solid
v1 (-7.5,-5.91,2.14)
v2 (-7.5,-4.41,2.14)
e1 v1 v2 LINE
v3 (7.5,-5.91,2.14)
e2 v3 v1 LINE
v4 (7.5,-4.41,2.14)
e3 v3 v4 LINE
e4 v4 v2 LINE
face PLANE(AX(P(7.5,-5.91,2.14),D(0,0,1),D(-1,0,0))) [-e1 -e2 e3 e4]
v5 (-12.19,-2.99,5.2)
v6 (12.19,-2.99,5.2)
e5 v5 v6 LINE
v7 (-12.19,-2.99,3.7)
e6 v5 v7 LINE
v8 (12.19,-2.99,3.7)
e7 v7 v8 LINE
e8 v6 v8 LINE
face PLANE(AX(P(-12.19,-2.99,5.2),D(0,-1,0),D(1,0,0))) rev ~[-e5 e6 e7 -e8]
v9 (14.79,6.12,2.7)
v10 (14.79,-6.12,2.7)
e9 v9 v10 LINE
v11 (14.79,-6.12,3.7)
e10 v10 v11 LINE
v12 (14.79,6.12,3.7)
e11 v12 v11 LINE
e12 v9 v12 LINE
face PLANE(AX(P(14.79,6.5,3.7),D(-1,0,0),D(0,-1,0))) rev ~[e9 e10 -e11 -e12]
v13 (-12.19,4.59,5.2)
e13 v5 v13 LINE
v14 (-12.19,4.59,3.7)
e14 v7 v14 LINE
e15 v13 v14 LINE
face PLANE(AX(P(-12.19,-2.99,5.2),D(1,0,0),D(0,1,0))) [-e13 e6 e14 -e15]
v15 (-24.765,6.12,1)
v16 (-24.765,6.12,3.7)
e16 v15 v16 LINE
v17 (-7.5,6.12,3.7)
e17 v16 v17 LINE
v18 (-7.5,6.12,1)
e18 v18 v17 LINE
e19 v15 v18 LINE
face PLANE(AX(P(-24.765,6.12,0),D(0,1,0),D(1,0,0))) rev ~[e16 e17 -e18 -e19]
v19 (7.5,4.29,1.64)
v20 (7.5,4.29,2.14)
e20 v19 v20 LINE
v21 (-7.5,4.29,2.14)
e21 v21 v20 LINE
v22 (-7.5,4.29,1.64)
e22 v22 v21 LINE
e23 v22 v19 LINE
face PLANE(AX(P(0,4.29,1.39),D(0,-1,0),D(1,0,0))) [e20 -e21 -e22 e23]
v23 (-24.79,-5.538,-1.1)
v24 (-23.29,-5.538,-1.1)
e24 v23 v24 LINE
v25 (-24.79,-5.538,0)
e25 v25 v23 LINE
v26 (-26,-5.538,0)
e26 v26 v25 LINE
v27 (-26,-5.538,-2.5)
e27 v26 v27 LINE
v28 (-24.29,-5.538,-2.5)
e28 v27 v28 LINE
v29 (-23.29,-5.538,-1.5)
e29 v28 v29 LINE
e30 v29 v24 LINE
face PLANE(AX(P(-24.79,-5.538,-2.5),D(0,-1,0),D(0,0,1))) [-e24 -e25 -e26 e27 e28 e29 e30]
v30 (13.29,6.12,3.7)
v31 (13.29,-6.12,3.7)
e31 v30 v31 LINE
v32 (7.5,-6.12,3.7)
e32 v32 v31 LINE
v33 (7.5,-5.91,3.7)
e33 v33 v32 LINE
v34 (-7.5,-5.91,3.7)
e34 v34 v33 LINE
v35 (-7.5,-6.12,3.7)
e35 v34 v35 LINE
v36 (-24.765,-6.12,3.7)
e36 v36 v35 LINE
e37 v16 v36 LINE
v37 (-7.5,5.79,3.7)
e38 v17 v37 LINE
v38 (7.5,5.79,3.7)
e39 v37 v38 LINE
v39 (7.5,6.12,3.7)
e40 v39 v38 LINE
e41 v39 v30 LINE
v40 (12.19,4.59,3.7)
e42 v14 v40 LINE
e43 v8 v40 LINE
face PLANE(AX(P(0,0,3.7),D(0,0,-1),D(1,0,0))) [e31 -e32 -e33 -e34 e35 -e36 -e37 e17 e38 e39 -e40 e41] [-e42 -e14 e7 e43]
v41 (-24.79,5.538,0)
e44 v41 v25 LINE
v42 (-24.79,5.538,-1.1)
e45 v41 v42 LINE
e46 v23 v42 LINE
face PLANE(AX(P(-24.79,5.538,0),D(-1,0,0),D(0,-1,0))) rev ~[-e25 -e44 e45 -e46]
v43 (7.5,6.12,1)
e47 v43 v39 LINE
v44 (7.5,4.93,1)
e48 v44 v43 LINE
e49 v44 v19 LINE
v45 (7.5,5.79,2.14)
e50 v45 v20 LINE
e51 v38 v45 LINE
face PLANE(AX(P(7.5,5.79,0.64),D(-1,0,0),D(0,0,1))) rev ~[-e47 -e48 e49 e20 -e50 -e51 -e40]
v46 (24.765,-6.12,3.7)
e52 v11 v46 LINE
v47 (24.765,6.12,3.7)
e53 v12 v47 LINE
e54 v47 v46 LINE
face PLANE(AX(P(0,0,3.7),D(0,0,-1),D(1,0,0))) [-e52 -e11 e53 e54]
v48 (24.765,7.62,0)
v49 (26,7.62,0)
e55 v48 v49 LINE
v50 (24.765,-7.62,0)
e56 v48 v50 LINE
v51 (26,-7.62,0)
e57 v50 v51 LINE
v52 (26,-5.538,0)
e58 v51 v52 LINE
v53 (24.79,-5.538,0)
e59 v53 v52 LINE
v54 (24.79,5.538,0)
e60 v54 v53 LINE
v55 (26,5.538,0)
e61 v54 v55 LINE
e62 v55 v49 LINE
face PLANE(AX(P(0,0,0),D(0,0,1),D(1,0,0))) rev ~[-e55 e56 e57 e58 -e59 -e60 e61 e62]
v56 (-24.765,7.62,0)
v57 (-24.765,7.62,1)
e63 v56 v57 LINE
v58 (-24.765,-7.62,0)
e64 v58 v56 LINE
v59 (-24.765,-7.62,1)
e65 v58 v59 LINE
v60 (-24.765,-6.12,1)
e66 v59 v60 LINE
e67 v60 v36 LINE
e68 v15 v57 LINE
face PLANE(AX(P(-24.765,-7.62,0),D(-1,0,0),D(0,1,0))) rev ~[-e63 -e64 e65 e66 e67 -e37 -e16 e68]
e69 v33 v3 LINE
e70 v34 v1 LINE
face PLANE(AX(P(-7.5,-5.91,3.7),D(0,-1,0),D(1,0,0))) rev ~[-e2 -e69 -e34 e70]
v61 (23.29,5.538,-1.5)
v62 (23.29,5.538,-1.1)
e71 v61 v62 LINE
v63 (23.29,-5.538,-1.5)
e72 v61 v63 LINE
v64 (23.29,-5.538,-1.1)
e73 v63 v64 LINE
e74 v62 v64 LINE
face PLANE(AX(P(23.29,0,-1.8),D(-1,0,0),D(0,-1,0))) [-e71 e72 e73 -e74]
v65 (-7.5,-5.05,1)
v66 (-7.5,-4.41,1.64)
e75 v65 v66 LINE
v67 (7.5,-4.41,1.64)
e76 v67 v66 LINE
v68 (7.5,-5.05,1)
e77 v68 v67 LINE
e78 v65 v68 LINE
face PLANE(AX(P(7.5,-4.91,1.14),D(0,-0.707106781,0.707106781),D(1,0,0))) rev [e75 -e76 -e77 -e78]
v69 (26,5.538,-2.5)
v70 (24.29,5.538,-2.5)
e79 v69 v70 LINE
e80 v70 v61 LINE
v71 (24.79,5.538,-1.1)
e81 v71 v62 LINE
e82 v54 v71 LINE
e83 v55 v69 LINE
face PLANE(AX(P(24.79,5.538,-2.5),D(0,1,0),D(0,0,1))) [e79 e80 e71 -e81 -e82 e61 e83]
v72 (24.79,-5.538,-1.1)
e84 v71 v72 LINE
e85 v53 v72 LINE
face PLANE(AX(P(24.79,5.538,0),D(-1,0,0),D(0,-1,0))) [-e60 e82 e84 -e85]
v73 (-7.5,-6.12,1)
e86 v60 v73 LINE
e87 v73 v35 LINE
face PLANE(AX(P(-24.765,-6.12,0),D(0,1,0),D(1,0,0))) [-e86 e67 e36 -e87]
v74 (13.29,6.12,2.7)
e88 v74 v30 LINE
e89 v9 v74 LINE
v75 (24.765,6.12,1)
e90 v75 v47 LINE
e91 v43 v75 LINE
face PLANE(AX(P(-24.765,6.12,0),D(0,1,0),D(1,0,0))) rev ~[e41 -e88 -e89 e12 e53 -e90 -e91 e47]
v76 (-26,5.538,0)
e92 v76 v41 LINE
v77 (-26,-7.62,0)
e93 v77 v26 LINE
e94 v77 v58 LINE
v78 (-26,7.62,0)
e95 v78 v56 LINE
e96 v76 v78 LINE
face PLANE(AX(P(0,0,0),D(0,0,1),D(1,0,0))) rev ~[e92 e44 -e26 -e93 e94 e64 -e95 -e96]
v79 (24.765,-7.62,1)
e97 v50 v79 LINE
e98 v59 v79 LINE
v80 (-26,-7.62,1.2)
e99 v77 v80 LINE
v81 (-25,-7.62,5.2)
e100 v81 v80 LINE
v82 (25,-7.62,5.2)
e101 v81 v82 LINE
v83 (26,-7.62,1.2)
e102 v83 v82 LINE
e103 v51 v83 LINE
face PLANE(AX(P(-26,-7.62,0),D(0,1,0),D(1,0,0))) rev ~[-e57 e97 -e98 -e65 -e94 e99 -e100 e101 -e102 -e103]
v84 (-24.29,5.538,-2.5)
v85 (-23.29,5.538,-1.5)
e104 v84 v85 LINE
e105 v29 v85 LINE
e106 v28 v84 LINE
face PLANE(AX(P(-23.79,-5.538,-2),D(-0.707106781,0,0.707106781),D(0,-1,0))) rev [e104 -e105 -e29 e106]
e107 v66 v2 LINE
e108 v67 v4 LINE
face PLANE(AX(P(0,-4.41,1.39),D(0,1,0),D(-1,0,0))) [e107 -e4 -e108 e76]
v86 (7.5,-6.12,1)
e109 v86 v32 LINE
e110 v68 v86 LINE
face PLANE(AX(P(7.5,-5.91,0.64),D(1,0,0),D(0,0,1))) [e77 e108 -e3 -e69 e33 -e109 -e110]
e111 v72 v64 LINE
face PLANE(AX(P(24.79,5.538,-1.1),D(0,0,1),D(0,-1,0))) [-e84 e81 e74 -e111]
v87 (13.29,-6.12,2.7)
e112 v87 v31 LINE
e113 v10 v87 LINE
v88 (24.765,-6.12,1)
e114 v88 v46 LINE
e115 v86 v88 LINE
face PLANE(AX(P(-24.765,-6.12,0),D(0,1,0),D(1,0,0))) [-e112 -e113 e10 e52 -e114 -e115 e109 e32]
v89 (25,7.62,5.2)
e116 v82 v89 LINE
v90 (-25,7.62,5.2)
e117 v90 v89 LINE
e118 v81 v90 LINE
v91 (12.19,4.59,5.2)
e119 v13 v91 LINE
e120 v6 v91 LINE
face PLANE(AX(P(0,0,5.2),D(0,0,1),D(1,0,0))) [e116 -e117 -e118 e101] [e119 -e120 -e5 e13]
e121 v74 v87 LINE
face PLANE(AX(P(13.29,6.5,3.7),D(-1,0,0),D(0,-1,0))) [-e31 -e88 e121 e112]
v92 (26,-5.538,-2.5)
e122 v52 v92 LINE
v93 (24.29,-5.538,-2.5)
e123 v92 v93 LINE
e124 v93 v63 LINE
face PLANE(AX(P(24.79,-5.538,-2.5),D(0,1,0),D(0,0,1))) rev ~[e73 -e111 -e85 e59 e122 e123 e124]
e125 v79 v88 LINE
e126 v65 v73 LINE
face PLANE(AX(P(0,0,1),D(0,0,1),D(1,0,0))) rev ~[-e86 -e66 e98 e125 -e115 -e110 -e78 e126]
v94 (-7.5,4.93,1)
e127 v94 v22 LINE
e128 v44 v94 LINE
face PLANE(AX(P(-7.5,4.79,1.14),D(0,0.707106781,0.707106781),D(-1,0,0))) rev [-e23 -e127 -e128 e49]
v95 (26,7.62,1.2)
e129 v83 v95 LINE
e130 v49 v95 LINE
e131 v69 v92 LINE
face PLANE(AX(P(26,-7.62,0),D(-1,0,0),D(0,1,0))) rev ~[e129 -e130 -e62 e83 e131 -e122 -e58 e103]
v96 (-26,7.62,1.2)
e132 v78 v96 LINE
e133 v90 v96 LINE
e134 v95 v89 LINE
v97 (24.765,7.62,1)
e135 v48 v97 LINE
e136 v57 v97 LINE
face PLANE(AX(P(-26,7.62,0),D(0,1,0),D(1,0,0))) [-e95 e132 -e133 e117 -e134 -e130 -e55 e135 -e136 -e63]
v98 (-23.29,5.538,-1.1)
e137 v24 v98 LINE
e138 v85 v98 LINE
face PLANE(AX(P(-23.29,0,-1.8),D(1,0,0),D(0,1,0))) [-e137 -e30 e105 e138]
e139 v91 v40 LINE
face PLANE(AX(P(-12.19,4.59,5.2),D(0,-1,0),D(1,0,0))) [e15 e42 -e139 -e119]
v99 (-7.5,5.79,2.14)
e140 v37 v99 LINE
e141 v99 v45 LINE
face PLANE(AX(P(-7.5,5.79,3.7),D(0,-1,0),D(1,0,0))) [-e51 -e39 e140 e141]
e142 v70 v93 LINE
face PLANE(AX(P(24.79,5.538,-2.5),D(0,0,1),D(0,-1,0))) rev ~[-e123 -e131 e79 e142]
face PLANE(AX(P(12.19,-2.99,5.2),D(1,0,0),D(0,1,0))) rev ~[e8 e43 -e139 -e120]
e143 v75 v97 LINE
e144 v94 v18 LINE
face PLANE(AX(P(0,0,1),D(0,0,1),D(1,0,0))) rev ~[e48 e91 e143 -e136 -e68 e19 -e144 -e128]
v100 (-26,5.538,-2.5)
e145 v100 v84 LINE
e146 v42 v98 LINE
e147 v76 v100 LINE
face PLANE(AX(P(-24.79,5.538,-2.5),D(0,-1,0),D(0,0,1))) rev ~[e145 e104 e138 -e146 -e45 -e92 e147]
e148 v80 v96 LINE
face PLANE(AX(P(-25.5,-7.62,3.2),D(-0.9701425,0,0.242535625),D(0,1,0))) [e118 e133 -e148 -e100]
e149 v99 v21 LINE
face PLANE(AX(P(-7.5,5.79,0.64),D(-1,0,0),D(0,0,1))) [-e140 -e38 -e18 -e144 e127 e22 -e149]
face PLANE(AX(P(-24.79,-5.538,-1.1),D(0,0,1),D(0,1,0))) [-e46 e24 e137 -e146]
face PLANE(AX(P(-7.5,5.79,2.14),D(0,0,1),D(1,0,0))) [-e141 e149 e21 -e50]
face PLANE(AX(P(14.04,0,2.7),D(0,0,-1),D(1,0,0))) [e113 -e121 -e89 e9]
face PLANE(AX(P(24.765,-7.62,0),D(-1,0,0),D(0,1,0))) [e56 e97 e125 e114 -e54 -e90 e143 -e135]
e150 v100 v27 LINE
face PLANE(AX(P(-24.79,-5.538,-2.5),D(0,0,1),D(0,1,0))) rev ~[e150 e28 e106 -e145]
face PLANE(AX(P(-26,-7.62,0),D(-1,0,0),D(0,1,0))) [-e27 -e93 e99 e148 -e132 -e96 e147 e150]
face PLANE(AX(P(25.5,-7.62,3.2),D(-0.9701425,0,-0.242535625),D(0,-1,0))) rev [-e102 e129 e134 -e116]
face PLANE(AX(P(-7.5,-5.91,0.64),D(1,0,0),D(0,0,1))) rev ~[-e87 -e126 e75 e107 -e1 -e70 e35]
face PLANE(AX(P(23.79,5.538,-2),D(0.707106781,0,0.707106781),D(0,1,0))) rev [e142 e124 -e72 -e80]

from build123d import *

# Parameters (mm, degrees)
SKETCH_W         = 52
SKETCH_H         = 15.24
PAD_DEPTH        = 5.2
CHAMFER_SIZE2    = 1
CHAMFER_SIZE     = 4
CHAMFER001_SIZE2 = 4
CHAMFER001_SIZE  = 1
SKETCH001_W      = 49.53
SKETCH001_H      = 12.24
POCKET_DEPTH     = 3.7
SKETCH002_W      = 1.21
SKETCH002_H      = 11.076
PAD001_DEPTH     = 2.5
SKETCH003_W      = 11.076
SKETCH003_H      = 1.4
PAD002_DEPTH     = 1.5
CHAMFER002_SIZE  = 1
SKETCH004_W      = 11.076
SKETCH004_H      = 1.4
PAD003_DEPTH     = 1.5
CHAMFER003_SIZE  = 1
SKETCH005_W      = 24.38
SKETCH005_H      = 7.58
POCKET001_DEPTH  = 1.5
SKETCH006_W      = 15
SKETCH006_H      = 1.5
PAD004_DEPTH     = 3.06
SKETCH007_W      = 1.5
SKETCH007_H      = 13
PAD005_DEPTH     = 1
SKETCH008_W      = 15
SKETCH008_H      = 1.5
PAD006_DEPTH     = 1.5
CHAMFER004_SIZE  = 1
SKETCH009_W      = 15
SKETCH009_H      = 1.5
PAD007_DEPTH     = 1.5
CHAMFER005_SIZE  = 1
SKETCH010_W      = 49.53
SKETCH010_H      = 15.24
POCKET002_DEPTH  = 1


with BuildPart() as part:
    # Sketch → Pad (new body)
    with BuildSketch(Plane.XY):
        Rectangle(SKETCH_W, SKETCH_H)
    extrude(amount=PAD_DEPTH)

    # Chamfer
    chamfer_edges = [part.edges().sort_by_distance(p)[0] for p in [
        (26, 0, 5.2),
    ]]
    chamfer_side = part.faces().sort_by_distance((26, 0, 2.6))[0]
    chamfer(chamfer_edges, length=CHAMFER_SIZE, length2=CHAMFER_SIZE2, reference=chamfer_side)

    # Chamfer001
    chamfer001_edges = [part.edges().sort_by_distance(p)[0] for p in [
        (-26, 0, 5.2),
    ]]
    chamfer001_side = part.faces().sort_by_distance((-0.5, 0, 5.2))[0]
    chamfer(chamfer001_edges, length=CHAMFER001_SIZE, length2=CHAMFER001_SIZE2, reference=chamfer001_side)

    # Sketch001 (on Face7 of Chamfer001) → Pocket (cut)
    with BuildSketch(Plane(origin=(0, 0, 0), x_dir=(1, 0, 0), z_dir=(0, 0, -1))):
        Rectangle(SKETCH001_W, SKETCH001_H)
    extrude(amount=-POCKET_DEPTH, mode=Mode.SUBTRACT)

    # Sketch002 (on Face7 of Pocket) → Pad001 (join)
    with BuildSketch(Plane(origin=(0, 0, 0), x_dir=(1, 0, 0), z_dir=(0, 0, -1))):
        with Locations((-25.395, 0)):
            Rectangle(SKETCH002_W, SKETCH002_H)
        with Locations((25.395, 0)):
            Rectangle(SKETCH002_W, SKETCH002_H)
    extrude(amount=PAD001_DEPTH)

    # Sketch003 (on Face15 of Pad001) → Pad002 (join)
    with BuildSketch(Plane.YZ.offset(-24.79)):
        with Locations((0, -1.8)):
            Rectangle(SKETCH003_W, SKETCH003_H)
    extrude(amount=PAD002_DEPTH)

    # Chamfer002
    chamfer002_edges = [part.edges().sort_by_distance(p)[0] for p in [
        (-23.29, 0, -2.5),
    ]]
    chamfer(chamfer002_edges, length=CHAMFER002_SIZE)

    # Sketch004 (on Face17 of Chamfer002) → Pad003 (join)
    with BuildSketch(Plane(origin=(24.79, 0, 0), x_dir=(0, -1, 0), z_dir=(-1, 0, 0))):
        with Locations((0, -1.8)):
            Rectangle(SKETCH004_W, SKETCH004_H)
    extrude(amount=PAD003_DEPTH)

    # Chamfer003
    chamfer003_edges = [part.edges().sort_by_distance(p)[0] for p in [
        (23.29, 0, -2.5),
    ]]
    chamfer(chamfer003_edges, length=CHAMFER003_SIZE)

    # Sketch005 (on Face25 of Chamfer003) → Pocket001 (cut)
    with BuildSketch(Plane.XY.offset(5.2)):
        with Locations((0, 0.8)):
            Rectangle(SKETCH005_W, SKETCH005_H)
    extrude(amount=-POCKET001_DEPTH, mode=Mode.SUBTRACT)

    # Sketch006 (on Face32 of Pocket001) → Pad004 (join)
    with BuildSketch(Plane(origin=(0, 0, 3.7), x_dir=(1, 0, 0), z_dir=(0, 0, -1))):
        with Locations((0, 6.66)):
            Rectangle(SKETCH006_W, SKETCH006_H)
        with Locations((0, -6.54)):
            Rectangle(SKETCH006_W, SKETCH006_H)
    extrude(amount=PAD004_DEPTH)

    # Sketch007 (on Face32 of Pad004) → Pad005 (join)
    with BuildSketch(Plane(origin=(0, 0, 3.7), x_dir=(1, 0, 0), z_dir=(0, 0, -1))):
        with Locations((14.04, 0)):
            Rectangle(SKETCH007_W, SKETCH007_H)
    extrude(amount=PAD005_DEPTH)

    # Sketch008 (on Face51 of Pad005) → Pad006 (join)
    with BuildSketch(Plane(origin=(0, -5.91, 0), x_dir=(-1, 0, 0), z_dir=(0, 1, 0))):
        with Locations((0, 1.39)):
            Rectangle(SKETCH008_W, SKETCH008_H)
    extrude(amount=PAD006_DEPTH)

    # Chamfer004
    chamfer004_edges = [part.edges().sort_by_distance(p)[0] for p in [
        (0, -4.41, 0.64),
    ]]
    chamfer(chamfer004_edges, length=CHAMFER004_SIZE)

    # Sketch009 (on Face15 of Chamfer004) → Pad007 (join)
    with BuildSketch(Plane.XZ.offset(-5.79)):
        with Locations((0, 1.39)):
            Rectangle(SKETCH009_W, SKETCH009_H)
    extrude(amount=PAD007_DEPTH)

    # Chamfer005
    chamfer005_edges = [part.edges().sort_by_distance(p)[0] for p in [
        (0, 4.29, 0.64),
    ]]
    chamfer(chamfer005_edges, length=CHAMFER005_SIZE)

    # Sketch010 → Pocket002 (cut)
    with BuildSketch(Plane.XY):
        Rectangle(SKETCH010_W, SKETCH010_H)
    extrude(amount=POCKET002_DEPTH, mode=Mode.SUBTRACT)


solid = part.part
